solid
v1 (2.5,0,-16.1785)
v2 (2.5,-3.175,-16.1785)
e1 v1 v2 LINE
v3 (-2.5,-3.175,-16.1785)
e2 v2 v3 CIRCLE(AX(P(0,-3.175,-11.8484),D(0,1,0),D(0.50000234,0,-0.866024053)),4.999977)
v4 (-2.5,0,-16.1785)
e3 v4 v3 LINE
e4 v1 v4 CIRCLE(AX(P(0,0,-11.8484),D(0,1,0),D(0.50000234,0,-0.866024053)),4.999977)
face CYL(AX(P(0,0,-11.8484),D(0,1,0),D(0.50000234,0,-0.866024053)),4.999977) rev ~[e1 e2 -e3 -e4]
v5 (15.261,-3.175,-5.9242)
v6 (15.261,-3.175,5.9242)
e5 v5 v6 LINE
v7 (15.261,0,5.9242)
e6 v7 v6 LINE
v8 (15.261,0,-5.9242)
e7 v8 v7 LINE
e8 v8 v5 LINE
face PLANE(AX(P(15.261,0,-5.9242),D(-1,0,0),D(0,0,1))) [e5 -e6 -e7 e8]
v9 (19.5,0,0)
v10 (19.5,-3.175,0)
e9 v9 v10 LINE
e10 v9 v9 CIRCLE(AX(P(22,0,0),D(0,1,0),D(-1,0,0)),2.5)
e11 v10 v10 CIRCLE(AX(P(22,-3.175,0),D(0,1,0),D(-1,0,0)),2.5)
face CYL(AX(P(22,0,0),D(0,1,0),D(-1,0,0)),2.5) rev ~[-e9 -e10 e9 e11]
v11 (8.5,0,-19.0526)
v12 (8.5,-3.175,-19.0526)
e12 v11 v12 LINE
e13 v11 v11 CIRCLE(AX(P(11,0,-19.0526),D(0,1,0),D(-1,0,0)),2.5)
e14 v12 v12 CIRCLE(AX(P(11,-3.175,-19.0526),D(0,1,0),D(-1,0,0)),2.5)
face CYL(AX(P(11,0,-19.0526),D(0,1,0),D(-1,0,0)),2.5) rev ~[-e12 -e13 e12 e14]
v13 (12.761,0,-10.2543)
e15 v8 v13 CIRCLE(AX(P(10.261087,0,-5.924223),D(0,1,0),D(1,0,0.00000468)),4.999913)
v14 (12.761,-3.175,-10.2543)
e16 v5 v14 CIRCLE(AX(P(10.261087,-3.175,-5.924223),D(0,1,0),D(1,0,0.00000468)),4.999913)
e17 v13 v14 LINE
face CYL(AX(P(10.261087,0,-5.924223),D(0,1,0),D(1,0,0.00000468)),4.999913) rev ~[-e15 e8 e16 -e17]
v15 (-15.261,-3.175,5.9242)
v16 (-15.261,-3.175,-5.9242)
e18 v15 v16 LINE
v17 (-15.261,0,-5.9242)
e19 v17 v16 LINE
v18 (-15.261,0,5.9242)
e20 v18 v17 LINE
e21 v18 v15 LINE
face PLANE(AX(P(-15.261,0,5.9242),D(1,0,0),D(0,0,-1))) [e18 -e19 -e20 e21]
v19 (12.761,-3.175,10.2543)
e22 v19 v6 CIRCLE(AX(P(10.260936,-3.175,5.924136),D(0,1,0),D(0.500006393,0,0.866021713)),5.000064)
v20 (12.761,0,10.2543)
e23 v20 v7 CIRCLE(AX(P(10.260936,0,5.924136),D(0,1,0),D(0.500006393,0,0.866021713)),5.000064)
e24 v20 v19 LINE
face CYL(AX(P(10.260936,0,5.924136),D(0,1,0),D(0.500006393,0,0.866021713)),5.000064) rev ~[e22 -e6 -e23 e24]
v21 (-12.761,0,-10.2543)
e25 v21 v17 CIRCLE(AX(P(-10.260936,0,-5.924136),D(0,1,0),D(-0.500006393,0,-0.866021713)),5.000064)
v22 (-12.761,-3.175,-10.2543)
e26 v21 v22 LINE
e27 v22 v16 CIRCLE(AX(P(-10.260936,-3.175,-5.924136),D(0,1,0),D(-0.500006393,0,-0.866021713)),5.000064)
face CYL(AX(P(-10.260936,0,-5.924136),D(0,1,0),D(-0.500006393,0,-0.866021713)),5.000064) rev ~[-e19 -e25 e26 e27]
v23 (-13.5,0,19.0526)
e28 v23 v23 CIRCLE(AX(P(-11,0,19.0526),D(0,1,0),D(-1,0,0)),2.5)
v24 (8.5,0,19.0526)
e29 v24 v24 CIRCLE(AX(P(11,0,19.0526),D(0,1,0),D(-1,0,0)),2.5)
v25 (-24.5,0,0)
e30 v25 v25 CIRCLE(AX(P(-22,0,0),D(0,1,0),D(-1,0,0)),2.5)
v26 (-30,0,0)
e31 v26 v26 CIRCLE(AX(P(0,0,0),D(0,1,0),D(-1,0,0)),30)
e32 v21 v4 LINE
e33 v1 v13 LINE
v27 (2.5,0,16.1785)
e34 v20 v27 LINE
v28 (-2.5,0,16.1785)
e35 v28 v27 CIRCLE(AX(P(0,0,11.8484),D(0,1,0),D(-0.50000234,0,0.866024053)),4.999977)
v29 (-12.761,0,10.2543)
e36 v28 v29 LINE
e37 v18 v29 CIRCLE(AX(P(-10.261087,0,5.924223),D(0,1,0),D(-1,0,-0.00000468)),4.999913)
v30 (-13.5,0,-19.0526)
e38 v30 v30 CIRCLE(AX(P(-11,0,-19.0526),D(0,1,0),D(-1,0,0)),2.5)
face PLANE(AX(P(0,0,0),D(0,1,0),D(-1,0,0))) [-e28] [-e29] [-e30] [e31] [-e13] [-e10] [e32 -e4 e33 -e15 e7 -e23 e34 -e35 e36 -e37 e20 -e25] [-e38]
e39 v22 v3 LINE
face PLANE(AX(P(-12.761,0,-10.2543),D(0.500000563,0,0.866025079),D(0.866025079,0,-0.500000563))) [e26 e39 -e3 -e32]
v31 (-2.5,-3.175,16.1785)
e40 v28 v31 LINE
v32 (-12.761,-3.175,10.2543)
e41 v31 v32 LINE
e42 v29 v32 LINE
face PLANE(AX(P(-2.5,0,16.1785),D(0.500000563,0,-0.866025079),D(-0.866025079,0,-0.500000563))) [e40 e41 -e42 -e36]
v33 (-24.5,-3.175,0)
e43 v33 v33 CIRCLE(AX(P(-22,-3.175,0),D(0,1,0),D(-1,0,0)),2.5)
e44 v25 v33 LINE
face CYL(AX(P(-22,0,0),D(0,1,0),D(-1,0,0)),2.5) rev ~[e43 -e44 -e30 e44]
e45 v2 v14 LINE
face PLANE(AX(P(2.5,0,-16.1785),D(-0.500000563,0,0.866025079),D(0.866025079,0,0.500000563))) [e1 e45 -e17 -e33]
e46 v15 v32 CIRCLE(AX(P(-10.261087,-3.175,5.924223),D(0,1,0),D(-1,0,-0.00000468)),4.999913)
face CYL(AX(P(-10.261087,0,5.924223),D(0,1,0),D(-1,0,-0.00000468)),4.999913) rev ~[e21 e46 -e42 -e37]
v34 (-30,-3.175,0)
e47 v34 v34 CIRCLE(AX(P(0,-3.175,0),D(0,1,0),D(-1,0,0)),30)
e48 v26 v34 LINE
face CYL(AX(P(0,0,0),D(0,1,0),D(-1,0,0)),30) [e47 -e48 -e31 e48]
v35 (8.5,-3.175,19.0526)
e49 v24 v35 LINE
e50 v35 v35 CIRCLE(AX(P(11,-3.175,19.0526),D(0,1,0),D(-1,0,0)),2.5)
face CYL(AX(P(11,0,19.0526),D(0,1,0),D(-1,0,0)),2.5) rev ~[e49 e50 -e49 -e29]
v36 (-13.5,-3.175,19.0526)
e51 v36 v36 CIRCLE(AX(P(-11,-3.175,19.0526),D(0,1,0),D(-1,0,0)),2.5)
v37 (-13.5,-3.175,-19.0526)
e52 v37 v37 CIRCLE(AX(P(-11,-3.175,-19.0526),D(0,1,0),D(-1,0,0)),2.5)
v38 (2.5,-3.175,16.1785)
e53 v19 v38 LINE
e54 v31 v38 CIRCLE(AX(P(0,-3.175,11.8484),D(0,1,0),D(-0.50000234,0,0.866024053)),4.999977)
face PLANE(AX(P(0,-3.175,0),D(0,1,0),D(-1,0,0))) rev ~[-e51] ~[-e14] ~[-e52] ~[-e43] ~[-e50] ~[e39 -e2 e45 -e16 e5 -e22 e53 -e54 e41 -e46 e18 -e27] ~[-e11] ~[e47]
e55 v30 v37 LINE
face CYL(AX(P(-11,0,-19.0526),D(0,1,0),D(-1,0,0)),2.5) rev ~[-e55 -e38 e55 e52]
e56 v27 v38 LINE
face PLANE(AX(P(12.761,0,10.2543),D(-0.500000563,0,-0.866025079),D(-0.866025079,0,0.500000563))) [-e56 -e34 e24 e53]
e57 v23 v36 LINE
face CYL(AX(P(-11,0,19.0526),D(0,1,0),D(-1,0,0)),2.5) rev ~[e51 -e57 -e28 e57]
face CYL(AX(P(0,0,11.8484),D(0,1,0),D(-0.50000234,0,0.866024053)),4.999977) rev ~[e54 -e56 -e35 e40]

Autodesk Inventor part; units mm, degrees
ref_plane "YZ Plane" through (0, 0, 0) normal (1, 0, 0) x (0, 1, 0)
ref_plane "XZ Plane" through (0, 0, 0) normal (0, 1, 0) x (-1, 0, 0)
ref_plane "XY Plane" through (0, 0, 0) normal (0, 0, 1) x (1, 0, 0)
sketch "Esquisse1" plane through (0, 0, 0) normal (0, 1, 0) x (-1, 0, 0)
  line L0 (0, -42) -> (0, 42) construction
  circle A0 centre (0, 0) radius 30
  circle A1 centre (22, 0) radius 2.5
  circle A2 centre (11, 19.0526) radius 2.5
  circle A3 centre (-11, 19.0526) radius 2.5
  circle A4 centre (-22, 0) radius 2.5
  circle A5 centre (-11, -19.0526) radius 2.5
  circle A6 centre (11, -19.0526) radius 2.5
  line L1 (17.9263, -5.3263) -> (22, 0) construction
  line L2 (-2.5, -16.1785) -> (-12.761, -10.2543)
  line L3 (-15.261, -5.9242) -> (-15.261, 5.9242)
  line L4 (-12.761, 10.2543) -> (-2.5, 16.1785)
  line L5 (2.5, 16.1785) -> (12.761, 10.2543)
  line L6 (15.261, 5.9242) -> (15.261, -5.9242)
  line L7 (12.761, -10.2543) -> (2.5, -16.1785)
  arc A7 (2.5, 16.1785) -> (-2.5, 16.1785) centre (0, 11.8484) ccw
  arc A8 (15.261, 5.9242) -> (12.761, 10.2543) centre (10.261, 5.9242) ccw
  arc A9 (12.761, -10.2543) -> (15.261, -5.9242) centre (10.261, -5.9242) ccw
  arc A10 (-2.5, -16.1785) -> (2.5, -16.1785) centre (0, -11.8484) ccw
  arc A11 (-15.261, -5.9242) -> (-12.761, -10.2543) centre (-10.261, -5.9242) ccw
  arc A12 (-12.761, 10.2543) -> (-15.261, 5.9242) centre (-10.261, 5.9242) ccw
  line L8 (0, 0) -> (10.261, -5.9242) construction
  line L9 (22, 0) -> (0, 0) construction
  point P0 (0, -17.6219)
  point P1 (-15.261, -8.8109)
  point P2 (-15.261, 8.8109)
  point P3 (0, 17.6219)
  point P4 (15.261, 8.8109)
  point P5 (15.261, -8.8109)
  dimension "d0" = 60
  dimension "d6" = 360
  dimension "d10" = 22
  dimension "d21" = 5
  dimension "d30" = 5
  dimension "d31" = 30
extrude "Extrusion1" add sketch "Esquisse1" against normal blind 3.175
equation "\"d8\" = d_aluminum_thickness"
equation "\"d_profile_section\" = 40"
equation "\"d_prfc_thickness\" = 3"
equation "\"d_front_arm_od\" = 31.75"
equation "\"d_front_arm_id\" = 29.2608"
equation "\"d_arm_length\" = 250"
equation "\"d_suspension_height\" = 140"
equation "\"d_aluminum_thickness\" = 3.175"
equation "\"d_suspension_box_width\" = 40"
equation "\"d_wheelbase\" = 1600"
equation "\"a_tilt\" = 10deg"
equation "\"d_rear_profile_width\" = 50.8"
equation "\"d_rear_profile_height\" = 101.6"
equation "\"d_central_profile_width\" = 50.8"
equation "\"d_central_profile_height\" = 101.6"
equation "\"d_handle_bar_od\" = 38.1"
equation "\"d_handle_bar_id\" = 30"
equation "\"a_direction_column\" = 35deg"
equation "\"front_suspension_height\" = 140.92977"
equation "\"front_suspension_width\" = 150"
equation "\"a_caster_angle\" = 25deg"
equation "\"d_handlebar_arm_length\" = 80"
equation "\"d_handlebar_pivot_offset\" = 65"
equation "\"a_handlebar_angle\" = 60deg"
equation "\"d_left_to_right_front_pivots\" = 28"
equation "\"d_aluminum_bar_thickness\" = 12.7"
equation "\"d_steering_arm_length\" = 70"
equation "\"d_steering_height_from_hub_carrier_center\" = 18"
equation "\"d_central_beam_inclination\" = 12"
equation "\"a_central_beam_inclination\" = 12deg"
equation "\"d_central_beam_screws_diameter\" = 8"
equation "\"d_rear_profile_wall_thickness\" = 4.7625"
equation "\"d_rear_profile_wall_thickness_1\" = 4.7625"
equation "\"d_central_pivot_screw_diameter\" = 15.875"
properties part number "Wheel_external_hub_ring" material "Aluminium 6061"
